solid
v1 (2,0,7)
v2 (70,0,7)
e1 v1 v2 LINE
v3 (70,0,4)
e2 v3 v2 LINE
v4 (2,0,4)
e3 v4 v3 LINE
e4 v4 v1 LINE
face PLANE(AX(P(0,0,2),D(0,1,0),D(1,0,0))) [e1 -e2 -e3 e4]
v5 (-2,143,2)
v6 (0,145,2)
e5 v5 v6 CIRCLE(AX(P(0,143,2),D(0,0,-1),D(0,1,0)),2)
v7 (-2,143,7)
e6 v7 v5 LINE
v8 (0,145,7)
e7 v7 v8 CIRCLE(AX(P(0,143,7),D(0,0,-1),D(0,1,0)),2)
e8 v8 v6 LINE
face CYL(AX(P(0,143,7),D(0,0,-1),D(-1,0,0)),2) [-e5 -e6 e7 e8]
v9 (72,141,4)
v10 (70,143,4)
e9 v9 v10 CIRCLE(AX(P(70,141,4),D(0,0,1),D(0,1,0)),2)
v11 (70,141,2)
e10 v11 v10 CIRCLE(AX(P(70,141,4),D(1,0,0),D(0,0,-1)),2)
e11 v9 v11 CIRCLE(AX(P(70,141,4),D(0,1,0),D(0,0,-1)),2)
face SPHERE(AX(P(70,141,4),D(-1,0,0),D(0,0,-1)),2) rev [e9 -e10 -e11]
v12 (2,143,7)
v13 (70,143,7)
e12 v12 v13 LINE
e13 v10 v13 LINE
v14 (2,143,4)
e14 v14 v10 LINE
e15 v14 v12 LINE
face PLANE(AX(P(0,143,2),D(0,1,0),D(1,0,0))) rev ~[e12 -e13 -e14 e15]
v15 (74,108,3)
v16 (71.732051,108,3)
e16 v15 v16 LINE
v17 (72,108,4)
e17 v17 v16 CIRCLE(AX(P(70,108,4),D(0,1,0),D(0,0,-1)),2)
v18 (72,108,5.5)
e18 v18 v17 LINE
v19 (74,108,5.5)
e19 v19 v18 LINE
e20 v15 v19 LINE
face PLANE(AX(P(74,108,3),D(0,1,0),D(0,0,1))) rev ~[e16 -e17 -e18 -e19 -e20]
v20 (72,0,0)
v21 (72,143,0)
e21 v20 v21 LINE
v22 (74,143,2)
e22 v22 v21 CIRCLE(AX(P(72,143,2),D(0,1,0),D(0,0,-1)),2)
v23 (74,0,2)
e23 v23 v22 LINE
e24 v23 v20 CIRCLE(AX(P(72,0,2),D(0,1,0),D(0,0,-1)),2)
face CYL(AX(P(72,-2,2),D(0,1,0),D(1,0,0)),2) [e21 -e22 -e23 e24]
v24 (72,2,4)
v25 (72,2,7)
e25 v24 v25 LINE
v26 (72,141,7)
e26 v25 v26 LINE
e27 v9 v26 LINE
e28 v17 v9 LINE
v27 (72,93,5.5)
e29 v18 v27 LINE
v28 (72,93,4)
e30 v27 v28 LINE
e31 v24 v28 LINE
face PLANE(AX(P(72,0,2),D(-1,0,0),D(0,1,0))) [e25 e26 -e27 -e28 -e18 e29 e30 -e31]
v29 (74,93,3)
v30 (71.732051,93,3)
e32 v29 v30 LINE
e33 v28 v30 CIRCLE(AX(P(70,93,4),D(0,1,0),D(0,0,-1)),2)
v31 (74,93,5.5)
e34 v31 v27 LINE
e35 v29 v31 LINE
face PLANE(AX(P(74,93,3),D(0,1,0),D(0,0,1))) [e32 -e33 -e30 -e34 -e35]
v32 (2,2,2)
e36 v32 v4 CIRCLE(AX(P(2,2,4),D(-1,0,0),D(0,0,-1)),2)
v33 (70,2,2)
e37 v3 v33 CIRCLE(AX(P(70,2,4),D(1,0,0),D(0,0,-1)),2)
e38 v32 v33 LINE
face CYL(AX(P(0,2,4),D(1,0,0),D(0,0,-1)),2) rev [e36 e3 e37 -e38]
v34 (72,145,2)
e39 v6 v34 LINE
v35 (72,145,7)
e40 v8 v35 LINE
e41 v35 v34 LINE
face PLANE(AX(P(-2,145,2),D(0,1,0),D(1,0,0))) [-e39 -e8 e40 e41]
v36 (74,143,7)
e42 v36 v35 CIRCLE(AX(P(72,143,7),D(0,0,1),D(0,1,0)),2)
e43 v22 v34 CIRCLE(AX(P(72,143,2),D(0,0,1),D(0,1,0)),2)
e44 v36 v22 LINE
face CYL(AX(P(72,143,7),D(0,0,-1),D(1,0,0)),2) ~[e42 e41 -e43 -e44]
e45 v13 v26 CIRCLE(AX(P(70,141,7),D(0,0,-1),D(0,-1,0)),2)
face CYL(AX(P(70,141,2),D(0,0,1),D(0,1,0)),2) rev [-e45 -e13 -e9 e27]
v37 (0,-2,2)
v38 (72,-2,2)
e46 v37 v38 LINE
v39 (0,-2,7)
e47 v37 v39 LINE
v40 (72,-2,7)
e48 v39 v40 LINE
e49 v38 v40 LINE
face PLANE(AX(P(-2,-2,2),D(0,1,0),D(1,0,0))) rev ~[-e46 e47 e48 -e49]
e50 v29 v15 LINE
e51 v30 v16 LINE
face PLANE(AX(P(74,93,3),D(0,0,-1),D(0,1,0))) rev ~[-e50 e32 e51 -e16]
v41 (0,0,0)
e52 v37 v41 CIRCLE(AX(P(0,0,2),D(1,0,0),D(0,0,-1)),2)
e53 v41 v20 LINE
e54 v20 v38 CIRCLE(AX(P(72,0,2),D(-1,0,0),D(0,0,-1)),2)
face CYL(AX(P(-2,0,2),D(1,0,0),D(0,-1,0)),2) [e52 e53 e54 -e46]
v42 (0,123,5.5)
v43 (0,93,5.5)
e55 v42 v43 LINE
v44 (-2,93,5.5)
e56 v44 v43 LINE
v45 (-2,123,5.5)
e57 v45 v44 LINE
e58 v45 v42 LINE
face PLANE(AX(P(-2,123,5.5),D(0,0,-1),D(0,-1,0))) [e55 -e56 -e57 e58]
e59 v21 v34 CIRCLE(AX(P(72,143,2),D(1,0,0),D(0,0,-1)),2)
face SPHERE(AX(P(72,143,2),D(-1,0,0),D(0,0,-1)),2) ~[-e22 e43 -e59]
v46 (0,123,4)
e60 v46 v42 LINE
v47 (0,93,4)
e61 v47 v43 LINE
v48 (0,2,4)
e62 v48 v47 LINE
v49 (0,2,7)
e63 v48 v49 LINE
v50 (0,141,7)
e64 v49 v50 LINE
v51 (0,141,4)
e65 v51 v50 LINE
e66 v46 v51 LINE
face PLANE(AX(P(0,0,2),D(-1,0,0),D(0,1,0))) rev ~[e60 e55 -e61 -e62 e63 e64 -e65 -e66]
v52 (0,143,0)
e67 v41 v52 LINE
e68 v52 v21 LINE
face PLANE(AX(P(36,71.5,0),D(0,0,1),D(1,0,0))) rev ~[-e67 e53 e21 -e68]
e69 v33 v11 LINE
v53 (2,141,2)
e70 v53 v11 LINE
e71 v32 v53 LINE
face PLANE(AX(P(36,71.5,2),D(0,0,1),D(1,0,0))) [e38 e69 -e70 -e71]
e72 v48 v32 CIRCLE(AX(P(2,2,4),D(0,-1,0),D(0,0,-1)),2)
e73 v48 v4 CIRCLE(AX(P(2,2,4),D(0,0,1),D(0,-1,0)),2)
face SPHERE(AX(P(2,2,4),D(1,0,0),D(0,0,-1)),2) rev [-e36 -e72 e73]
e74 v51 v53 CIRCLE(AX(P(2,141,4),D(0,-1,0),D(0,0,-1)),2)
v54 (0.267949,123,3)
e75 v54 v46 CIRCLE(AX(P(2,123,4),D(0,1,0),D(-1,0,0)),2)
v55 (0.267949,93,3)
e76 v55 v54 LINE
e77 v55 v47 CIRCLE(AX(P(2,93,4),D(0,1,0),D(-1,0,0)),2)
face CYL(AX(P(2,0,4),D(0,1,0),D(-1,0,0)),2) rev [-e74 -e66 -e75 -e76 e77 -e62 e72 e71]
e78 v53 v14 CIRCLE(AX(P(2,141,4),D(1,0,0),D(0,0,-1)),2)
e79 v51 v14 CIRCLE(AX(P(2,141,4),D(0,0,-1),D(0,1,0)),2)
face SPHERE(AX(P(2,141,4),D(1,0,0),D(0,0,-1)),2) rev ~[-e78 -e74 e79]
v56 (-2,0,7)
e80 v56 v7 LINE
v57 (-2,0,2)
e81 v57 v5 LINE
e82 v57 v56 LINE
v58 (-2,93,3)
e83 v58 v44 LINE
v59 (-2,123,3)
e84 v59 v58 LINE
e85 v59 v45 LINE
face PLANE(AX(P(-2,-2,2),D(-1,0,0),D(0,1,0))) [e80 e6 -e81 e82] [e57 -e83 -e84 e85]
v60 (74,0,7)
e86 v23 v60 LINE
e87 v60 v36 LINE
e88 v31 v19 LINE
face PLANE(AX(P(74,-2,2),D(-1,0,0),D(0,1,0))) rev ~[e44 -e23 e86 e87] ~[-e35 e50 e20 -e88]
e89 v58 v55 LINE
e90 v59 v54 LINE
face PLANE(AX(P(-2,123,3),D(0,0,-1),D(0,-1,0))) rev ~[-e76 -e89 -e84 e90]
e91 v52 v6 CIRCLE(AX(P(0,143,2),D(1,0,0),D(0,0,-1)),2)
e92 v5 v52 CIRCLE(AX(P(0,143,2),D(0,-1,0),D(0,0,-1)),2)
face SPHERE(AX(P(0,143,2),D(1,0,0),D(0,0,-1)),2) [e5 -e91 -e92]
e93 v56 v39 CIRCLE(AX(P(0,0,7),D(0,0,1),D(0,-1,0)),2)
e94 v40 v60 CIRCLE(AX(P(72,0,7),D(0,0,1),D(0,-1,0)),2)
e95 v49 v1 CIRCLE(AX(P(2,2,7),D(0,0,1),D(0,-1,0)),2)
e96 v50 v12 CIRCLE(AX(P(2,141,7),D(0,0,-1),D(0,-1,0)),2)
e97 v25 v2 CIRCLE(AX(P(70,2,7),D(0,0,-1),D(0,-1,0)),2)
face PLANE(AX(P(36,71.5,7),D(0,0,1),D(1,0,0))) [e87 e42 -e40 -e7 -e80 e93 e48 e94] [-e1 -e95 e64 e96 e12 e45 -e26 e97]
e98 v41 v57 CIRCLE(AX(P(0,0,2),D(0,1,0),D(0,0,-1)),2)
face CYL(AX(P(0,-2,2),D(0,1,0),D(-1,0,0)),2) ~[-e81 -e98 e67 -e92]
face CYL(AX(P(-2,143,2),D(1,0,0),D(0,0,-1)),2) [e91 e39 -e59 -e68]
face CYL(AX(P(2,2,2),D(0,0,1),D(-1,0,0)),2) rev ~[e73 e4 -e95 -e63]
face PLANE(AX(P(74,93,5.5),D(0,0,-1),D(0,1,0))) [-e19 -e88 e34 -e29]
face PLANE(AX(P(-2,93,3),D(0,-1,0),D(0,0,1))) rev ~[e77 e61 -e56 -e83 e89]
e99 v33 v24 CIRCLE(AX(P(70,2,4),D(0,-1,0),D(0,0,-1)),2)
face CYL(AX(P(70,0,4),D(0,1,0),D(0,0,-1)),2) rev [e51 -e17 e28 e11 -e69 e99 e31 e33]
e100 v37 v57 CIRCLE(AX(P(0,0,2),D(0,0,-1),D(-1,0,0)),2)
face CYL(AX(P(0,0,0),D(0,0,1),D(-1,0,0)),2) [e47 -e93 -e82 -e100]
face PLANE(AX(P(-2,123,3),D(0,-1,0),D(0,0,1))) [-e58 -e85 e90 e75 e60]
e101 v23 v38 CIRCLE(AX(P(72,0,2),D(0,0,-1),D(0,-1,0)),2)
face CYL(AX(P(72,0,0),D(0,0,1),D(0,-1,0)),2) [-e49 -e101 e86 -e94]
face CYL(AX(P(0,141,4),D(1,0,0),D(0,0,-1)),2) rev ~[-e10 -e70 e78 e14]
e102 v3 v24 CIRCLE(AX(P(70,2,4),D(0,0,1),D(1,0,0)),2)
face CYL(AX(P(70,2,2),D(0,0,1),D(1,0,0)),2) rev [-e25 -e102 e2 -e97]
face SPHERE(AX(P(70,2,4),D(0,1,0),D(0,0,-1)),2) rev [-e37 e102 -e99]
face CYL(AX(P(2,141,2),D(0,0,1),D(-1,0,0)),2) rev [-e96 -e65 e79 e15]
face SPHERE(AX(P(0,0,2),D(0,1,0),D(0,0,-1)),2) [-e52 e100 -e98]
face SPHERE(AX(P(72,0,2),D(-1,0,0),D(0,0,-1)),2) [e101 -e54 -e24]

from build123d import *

# Parameters (mm, degrees)
F0_W     = 76
F0_H     = 147
F0_W_2   = 72
F0_H_2   = 143
F1_DEPTH = 2
F2_W     = 76
F2_H     = 147
F2_W_2   = 72
F2_H_2   = 143
F3_DEPTH = 5
F4_R     = 2
F5_W     = 15
F5_H     = 2.5
F6_DEPTH = 5
F7_W     = 30
F7_H     = 2.5
F8_DEPTH = 25


with BuildPart() as f1:
    # F0 (on Top) → F1 (new body)
    with BuildSketch(Plane.XY):
        with Locations((36, 71.5)):
            Rectangle(F0_W, F0_H)
        with Locations((36, 71.5)):
            Rectangle(F0_W_2, F0_H_2, mode=Mode.SUBTRACT)
        with Locations((36, 71.5)):
            Rectangle(F0_W_2, F0_H_2)
    extrude(amount=F1_DEPTH)

    # F2 (on face) → F3 (join)
    with BuildSketch(Plane.XY.offset(2)):
        with Locations((36, 71.5)):
            Rectangle(F2_W, F2_H)
        with Locations((36, 71.5)):
            Rectangle(F2_W_2, F2_H_2, mode=Mode.SUBTRACT)
    extrude(amount=F3_DEPTH)

    # F4
    f4_edges = [f1.edges().sort_by_distance(p)[0] for p in [
        (36, 143, 2),
        (72, 71.5, 2),
        (36, 0, 2),
        (0, 71.5, 2),
        (36, 145, 0),
        (-2, 71.5, 0),
        (36, -2, 0),
        (74, 71.5, 0),
        (74, -2, 3.5),
        (-2, -2, 3.5),
        (-2, 145, 3.5),
        (74, 145, 3.5),
        (72, 0, 4.5),
        (0, 0, 4.5),
        (0, 143, 4.5),
        (72, 143, 4.5),
    ]]
    fillet(f4_edges, radius=F4_R)

    # F5 (on face) → F6 (cut)
    with BuildSketch(Plane.YZ.offset(74)):
        with Locations((100.5, 4.25)):
            Rectangle(F5_W, F5_H)
    extrude(amount=-F6_DEPTH, mode=Mode.SUBTRACT)

    # F7 (on face) → F8 (cut)
    with BuildSketch(Plane(origin=(-2, 0, 0), x_dir=(0, -1, 0), z_dir=(-1, 0, 0))):
        with Locations((-108, 4.25)):
            Rectangle(F7_W, F7_H)
    extrude(amount=-F8_DEPTH, mode=Mode.SUBTRACT)


solid = f1.part
